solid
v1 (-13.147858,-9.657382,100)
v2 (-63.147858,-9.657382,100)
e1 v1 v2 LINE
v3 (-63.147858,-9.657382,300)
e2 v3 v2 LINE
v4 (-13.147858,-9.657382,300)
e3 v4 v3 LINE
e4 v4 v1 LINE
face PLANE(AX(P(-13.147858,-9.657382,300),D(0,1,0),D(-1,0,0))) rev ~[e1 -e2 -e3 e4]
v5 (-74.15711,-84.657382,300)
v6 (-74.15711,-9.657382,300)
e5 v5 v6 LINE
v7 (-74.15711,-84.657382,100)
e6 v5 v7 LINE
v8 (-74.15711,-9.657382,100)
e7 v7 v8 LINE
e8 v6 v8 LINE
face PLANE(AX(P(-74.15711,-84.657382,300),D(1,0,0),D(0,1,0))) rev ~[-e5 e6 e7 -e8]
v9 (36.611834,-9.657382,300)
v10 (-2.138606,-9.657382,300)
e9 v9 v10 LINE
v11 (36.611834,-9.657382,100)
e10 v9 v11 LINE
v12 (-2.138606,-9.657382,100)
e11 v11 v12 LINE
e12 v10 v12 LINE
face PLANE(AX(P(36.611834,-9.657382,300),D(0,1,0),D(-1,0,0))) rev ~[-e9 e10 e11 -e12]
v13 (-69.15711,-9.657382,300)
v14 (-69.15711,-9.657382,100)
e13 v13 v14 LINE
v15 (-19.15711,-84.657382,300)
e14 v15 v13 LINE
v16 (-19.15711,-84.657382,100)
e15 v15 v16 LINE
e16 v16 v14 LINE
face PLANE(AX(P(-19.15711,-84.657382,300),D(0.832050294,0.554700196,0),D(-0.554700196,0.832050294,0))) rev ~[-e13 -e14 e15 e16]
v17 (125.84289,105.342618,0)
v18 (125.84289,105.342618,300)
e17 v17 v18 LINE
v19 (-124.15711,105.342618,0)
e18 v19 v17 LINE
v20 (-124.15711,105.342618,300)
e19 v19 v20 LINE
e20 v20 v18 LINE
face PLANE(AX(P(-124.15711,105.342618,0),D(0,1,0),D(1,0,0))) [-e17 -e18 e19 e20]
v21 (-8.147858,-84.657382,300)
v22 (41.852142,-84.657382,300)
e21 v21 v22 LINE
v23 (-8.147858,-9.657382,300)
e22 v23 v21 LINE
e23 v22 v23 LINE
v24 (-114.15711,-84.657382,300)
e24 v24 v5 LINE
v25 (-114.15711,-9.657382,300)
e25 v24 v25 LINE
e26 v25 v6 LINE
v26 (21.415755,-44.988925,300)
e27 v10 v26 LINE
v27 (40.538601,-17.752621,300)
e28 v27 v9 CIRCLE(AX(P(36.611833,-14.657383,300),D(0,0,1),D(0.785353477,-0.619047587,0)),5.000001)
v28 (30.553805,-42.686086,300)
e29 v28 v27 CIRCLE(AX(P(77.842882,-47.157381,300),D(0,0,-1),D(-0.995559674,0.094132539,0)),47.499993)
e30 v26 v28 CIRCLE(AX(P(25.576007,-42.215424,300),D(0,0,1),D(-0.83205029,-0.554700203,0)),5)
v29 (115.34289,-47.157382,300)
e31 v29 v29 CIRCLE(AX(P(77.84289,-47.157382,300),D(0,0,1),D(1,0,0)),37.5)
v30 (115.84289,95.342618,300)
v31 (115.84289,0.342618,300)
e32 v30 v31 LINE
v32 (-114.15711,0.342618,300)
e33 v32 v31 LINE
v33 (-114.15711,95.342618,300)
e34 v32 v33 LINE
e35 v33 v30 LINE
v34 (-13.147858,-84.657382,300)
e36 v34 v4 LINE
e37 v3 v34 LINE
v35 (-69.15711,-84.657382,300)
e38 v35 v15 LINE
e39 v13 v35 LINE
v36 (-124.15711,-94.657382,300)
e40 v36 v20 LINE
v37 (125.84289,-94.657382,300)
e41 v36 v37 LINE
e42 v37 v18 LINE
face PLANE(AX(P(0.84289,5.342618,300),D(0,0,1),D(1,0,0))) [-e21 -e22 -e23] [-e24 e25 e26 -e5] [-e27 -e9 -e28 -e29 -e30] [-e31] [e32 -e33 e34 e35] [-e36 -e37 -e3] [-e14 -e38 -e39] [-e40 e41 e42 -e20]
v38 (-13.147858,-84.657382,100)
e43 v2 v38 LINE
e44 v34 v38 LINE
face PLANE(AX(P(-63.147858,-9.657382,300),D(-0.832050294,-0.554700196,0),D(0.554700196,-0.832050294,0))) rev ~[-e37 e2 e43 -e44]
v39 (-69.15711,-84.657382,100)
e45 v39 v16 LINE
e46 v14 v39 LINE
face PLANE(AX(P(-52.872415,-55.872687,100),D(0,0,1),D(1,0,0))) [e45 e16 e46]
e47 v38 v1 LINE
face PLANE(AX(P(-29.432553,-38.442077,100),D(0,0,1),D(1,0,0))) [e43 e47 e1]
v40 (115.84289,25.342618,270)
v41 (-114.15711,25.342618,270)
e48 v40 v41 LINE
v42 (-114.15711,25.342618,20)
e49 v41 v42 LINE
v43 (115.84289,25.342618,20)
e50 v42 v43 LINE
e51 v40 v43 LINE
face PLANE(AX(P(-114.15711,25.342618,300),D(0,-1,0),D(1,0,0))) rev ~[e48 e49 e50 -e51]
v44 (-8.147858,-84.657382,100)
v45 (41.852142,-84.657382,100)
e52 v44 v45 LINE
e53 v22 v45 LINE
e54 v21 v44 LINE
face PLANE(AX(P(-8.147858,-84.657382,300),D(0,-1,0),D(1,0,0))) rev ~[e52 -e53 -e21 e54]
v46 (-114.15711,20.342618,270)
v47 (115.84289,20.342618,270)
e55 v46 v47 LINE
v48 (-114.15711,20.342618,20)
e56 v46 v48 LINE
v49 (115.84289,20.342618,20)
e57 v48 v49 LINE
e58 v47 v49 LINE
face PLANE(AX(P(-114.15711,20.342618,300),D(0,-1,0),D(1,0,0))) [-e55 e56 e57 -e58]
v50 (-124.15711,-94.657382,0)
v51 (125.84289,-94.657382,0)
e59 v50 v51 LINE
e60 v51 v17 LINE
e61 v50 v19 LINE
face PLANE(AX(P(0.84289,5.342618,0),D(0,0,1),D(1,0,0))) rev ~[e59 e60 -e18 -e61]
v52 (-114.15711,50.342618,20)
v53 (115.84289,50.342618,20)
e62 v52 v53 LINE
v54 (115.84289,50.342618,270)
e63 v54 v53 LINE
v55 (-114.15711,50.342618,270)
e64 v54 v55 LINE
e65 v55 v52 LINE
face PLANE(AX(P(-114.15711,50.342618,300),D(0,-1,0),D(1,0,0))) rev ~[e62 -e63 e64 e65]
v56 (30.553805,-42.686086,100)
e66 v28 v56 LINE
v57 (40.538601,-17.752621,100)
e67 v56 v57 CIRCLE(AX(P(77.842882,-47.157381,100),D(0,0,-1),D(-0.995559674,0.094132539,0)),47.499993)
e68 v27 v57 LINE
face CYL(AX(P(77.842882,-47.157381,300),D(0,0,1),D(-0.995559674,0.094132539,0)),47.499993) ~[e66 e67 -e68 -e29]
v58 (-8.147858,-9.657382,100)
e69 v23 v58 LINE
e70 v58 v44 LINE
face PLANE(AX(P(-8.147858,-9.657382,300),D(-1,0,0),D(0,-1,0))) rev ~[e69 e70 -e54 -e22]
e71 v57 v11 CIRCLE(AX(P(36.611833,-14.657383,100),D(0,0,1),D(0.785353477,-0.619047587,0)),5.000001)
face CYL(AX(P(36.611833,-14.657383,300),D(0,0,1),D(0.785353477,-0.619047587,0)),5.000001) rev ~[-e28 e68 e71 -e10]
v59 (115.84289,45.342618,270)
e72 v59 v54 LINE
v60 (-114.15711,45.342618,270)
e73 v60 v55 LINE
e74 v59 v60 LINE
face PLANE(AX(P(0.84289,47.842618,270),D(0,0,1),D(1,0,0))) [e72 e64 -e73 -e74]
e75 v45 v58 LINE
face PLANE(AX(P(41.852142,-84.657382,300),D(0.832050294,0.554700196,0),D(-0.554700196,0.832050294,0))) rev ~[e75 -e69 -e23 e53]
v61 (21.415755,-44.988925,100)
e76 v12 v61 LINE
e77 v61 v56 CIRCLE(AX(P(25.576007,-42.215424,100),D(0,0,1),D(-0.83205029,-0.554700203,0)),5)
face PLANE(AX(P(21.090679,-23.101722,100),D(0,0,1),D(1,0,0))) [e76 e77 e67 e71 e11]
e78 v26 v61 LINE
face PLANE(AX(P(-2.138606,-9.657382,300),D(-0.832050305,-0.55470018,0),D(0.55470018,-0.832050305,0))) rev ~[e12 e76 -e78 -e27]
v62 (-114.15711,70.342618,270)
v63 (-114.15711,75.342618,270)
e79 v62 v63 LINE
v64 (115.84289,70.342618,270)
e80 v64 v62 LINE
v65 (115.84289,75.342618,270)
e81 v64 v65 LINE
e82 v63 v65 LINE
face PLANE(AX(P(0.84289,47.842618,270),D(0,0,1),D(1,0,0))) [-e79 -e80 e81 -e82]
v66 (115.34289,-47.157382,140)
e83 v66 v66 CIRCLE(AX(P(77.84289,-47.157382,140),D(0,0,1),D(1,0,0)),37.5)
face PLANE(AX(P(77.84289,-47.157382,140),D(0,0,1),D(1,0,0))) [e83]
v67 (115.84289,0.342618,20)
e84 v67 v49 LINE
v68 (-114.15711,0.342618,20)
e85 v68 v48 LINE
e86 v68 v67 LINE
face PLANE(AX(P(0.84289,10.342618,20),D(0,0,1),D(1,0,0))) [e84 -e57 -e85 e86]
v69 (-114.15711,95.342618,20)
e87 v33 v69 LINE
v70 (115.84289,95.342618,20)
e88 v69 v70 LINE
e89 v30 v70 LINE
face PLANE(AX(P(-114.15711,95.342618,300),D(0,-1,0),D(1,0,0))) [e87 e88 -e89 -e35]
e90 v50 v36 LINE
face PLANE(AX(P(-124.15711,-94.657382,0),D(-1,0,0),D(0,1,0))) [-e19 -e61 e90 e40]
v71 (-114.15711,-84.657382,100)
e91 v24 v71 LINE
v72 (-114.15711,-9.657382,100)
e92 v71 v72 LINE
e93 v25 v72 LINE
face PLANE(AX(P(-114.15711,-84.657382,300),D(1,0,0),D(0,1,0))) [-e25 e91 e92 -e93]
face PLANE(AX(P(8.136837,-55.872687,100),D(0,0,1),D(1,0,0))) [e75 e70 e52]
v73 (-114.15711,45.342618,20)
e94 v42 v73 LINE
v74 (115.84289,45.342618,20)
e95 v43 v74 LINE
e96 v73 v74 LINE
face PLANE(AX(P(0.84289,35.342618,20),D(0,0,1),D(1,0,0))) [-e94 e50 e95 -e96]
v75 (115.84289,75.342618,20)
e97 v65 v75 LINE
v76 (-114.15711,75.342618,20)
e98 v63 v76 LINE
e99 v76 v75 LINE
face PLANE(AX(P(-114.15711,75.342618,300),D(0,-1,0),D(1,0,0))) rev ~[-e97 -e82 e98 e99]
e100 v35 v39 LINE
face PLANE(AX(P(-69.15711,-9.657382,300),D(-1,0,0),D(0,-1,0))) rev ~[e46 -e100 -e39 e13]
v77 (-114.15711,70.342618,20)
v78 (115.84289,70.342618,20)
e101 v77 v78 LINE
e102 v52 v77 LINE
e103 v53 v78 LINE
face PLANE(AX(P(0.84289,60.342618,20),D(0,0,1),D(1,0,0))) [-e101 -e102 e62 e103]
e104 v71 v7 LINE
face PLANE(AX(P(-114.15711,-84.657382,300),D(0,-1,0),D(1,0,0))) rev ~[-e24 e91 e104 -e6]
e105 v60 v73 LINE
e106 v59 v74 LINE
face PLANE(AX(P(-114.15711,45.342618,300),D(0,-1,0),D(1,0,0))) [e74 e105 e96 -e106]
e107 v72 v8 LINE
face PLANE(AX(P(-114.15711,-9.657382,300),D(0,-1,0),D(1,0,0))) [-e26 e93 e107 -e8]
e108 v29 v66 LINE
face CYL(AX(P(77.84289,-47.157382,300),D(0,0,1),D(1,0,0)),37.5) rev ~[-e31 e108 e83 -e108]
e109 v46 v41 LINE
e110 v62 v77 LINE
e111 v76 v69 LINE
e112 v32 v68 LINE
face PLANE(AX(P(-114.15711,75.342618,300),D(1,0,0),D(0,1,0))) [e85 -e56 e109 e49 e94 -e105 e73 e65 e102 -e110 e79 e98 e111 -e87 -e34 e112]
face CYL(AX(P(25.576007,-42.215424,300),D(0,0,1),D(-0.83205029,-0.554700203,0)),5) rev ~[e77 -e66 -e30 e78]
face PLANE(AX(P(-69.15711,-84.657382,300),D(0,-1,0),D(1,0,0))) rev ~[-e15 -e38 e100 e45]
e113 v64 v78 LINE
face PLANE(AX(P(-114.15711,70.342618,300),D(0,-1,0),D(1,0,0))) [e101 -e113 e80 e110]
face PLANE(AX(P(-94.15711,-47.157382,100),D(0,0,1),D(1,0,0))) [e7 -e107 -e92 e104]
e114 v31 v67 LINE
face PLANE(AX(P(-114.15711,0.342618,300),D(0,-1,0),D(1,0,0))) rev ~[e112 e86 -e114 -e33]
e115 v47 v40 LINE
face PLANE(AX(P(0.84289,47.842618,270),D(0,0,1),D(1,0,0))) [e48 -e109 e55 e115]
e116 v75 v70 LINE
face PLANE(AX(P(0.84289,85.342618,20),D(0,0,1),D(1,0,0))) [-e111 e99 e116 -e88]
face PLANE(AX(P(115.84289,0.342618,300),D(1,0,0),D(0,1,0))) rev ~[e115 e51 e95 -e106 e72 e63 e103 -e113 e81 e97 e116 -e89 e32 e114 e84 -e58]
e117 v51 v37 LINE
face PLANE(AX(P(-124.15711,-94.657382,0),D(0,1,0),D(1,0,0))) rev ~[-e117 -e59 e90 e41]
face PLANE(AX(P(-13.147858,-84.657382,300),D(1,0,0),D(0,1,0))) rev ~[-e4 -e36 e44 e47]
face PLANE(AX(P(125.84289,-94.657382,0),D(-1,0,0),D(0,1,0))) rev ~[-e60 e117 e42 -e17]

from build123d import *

# Parameters (mm, degrees)
F0_W     = 250
F0_H     = 200
F1_DEPTH = 300
F2_W     = 230
F2_H     = 20
F3_DEPTH = 280
F4_W     = 230
F4_H     = 55
F5_DEPTH = 30
F6_R     = 37.5
F7_DEPTH = 160
F6_W     = 40
F6_H     = 75
F8_DEPTH = 200


with BuildPart() as f1:
    # F0 (on Top) → F1 (new body)
    with BuildSketch(Plane.XY):
        with Locations((0.84289, 5.342618)):
            Rectangle(F0_W, F0_H)
    extrude(amount=F1_DEPTH)

    # F2 (on face) → F3 (cut)
    with BuildSketch(Plane.XY.offset(300)):
        with Locations((0.84289, 85.342618)):
            Rectangle(F2_W, F2_H)
        with Locations((0.84289, 60.342618)):
            Rectangle(F2_W, F2_H)
        with Locations((0.84289, 35.342618)):
            Rectangle(F2_W, F2_H)
        with Locations((0.84289, 10.342618)):
            Rectangle(F2_W, F2_H)
    extrude(amount=-F3_DEPTH, mode=Mode.SUBTRACT)

    # F4 (on face) → F5 (cut)
    with BuildSketch(Plane.XY.offset(300)):
        with Locations((0.84289, 47.842618)):
            Rectangle(F4_W, F4_H)
    extrude(amount=-F5_DEPTH, mode=Mode.SUBTRACT)

    # F6 (on face) → F7 (cut)
    with BuildSketch(Plane.XY.offset(300)):
        with Locations((77.84289, -47.157382)):
            Circle(F6_R)
    extrude(amount=-F7_DEPTH, mode=Mode.SUBTRACT)

    # F6 (on face) → F8 (cut)
    with BuildSketch(Plane.XY.offset(300)):
        with Locations((-94.15711, -47.157382)):
            Rectangle(F6_W, F6_H)
        Polygon((-19.15711, -84.657382), (-69.15711, -9.657382), (-69.15711, -84.657382), align=None)
        Polygon((-13.147858, -9.657382), (-63.147858, -9.657382), (-13.147858, -84.657382), align=None)
        Polygon((-8.147858, -9.657382), (-8.147858, -84.657382), (41.852142, -84.657382), align=None)
        with BuildLine():
            Line((36.611834, -9.657382), (-2.138606, -9.657382))
            Line((-2.138606, -9.657382), (21.415755, -44.988925))
            ThreePointArc((21.415755, -44.988925), (26.797834, -47.06384), (30.553805, -42.686086))
            ThreePointArc((30.553805, -42.686086), (33.747208, -29.498932), (40.538601, -17.752621))
            ThreePointArc((40.538601, -17.752621), (41.110511, -12.475204), (36.611834, -9.657382))
        make_face()
    extrude(amount=-F8_DEPTH, mode=Mode.SUBTRACT)


solid = f1.part
